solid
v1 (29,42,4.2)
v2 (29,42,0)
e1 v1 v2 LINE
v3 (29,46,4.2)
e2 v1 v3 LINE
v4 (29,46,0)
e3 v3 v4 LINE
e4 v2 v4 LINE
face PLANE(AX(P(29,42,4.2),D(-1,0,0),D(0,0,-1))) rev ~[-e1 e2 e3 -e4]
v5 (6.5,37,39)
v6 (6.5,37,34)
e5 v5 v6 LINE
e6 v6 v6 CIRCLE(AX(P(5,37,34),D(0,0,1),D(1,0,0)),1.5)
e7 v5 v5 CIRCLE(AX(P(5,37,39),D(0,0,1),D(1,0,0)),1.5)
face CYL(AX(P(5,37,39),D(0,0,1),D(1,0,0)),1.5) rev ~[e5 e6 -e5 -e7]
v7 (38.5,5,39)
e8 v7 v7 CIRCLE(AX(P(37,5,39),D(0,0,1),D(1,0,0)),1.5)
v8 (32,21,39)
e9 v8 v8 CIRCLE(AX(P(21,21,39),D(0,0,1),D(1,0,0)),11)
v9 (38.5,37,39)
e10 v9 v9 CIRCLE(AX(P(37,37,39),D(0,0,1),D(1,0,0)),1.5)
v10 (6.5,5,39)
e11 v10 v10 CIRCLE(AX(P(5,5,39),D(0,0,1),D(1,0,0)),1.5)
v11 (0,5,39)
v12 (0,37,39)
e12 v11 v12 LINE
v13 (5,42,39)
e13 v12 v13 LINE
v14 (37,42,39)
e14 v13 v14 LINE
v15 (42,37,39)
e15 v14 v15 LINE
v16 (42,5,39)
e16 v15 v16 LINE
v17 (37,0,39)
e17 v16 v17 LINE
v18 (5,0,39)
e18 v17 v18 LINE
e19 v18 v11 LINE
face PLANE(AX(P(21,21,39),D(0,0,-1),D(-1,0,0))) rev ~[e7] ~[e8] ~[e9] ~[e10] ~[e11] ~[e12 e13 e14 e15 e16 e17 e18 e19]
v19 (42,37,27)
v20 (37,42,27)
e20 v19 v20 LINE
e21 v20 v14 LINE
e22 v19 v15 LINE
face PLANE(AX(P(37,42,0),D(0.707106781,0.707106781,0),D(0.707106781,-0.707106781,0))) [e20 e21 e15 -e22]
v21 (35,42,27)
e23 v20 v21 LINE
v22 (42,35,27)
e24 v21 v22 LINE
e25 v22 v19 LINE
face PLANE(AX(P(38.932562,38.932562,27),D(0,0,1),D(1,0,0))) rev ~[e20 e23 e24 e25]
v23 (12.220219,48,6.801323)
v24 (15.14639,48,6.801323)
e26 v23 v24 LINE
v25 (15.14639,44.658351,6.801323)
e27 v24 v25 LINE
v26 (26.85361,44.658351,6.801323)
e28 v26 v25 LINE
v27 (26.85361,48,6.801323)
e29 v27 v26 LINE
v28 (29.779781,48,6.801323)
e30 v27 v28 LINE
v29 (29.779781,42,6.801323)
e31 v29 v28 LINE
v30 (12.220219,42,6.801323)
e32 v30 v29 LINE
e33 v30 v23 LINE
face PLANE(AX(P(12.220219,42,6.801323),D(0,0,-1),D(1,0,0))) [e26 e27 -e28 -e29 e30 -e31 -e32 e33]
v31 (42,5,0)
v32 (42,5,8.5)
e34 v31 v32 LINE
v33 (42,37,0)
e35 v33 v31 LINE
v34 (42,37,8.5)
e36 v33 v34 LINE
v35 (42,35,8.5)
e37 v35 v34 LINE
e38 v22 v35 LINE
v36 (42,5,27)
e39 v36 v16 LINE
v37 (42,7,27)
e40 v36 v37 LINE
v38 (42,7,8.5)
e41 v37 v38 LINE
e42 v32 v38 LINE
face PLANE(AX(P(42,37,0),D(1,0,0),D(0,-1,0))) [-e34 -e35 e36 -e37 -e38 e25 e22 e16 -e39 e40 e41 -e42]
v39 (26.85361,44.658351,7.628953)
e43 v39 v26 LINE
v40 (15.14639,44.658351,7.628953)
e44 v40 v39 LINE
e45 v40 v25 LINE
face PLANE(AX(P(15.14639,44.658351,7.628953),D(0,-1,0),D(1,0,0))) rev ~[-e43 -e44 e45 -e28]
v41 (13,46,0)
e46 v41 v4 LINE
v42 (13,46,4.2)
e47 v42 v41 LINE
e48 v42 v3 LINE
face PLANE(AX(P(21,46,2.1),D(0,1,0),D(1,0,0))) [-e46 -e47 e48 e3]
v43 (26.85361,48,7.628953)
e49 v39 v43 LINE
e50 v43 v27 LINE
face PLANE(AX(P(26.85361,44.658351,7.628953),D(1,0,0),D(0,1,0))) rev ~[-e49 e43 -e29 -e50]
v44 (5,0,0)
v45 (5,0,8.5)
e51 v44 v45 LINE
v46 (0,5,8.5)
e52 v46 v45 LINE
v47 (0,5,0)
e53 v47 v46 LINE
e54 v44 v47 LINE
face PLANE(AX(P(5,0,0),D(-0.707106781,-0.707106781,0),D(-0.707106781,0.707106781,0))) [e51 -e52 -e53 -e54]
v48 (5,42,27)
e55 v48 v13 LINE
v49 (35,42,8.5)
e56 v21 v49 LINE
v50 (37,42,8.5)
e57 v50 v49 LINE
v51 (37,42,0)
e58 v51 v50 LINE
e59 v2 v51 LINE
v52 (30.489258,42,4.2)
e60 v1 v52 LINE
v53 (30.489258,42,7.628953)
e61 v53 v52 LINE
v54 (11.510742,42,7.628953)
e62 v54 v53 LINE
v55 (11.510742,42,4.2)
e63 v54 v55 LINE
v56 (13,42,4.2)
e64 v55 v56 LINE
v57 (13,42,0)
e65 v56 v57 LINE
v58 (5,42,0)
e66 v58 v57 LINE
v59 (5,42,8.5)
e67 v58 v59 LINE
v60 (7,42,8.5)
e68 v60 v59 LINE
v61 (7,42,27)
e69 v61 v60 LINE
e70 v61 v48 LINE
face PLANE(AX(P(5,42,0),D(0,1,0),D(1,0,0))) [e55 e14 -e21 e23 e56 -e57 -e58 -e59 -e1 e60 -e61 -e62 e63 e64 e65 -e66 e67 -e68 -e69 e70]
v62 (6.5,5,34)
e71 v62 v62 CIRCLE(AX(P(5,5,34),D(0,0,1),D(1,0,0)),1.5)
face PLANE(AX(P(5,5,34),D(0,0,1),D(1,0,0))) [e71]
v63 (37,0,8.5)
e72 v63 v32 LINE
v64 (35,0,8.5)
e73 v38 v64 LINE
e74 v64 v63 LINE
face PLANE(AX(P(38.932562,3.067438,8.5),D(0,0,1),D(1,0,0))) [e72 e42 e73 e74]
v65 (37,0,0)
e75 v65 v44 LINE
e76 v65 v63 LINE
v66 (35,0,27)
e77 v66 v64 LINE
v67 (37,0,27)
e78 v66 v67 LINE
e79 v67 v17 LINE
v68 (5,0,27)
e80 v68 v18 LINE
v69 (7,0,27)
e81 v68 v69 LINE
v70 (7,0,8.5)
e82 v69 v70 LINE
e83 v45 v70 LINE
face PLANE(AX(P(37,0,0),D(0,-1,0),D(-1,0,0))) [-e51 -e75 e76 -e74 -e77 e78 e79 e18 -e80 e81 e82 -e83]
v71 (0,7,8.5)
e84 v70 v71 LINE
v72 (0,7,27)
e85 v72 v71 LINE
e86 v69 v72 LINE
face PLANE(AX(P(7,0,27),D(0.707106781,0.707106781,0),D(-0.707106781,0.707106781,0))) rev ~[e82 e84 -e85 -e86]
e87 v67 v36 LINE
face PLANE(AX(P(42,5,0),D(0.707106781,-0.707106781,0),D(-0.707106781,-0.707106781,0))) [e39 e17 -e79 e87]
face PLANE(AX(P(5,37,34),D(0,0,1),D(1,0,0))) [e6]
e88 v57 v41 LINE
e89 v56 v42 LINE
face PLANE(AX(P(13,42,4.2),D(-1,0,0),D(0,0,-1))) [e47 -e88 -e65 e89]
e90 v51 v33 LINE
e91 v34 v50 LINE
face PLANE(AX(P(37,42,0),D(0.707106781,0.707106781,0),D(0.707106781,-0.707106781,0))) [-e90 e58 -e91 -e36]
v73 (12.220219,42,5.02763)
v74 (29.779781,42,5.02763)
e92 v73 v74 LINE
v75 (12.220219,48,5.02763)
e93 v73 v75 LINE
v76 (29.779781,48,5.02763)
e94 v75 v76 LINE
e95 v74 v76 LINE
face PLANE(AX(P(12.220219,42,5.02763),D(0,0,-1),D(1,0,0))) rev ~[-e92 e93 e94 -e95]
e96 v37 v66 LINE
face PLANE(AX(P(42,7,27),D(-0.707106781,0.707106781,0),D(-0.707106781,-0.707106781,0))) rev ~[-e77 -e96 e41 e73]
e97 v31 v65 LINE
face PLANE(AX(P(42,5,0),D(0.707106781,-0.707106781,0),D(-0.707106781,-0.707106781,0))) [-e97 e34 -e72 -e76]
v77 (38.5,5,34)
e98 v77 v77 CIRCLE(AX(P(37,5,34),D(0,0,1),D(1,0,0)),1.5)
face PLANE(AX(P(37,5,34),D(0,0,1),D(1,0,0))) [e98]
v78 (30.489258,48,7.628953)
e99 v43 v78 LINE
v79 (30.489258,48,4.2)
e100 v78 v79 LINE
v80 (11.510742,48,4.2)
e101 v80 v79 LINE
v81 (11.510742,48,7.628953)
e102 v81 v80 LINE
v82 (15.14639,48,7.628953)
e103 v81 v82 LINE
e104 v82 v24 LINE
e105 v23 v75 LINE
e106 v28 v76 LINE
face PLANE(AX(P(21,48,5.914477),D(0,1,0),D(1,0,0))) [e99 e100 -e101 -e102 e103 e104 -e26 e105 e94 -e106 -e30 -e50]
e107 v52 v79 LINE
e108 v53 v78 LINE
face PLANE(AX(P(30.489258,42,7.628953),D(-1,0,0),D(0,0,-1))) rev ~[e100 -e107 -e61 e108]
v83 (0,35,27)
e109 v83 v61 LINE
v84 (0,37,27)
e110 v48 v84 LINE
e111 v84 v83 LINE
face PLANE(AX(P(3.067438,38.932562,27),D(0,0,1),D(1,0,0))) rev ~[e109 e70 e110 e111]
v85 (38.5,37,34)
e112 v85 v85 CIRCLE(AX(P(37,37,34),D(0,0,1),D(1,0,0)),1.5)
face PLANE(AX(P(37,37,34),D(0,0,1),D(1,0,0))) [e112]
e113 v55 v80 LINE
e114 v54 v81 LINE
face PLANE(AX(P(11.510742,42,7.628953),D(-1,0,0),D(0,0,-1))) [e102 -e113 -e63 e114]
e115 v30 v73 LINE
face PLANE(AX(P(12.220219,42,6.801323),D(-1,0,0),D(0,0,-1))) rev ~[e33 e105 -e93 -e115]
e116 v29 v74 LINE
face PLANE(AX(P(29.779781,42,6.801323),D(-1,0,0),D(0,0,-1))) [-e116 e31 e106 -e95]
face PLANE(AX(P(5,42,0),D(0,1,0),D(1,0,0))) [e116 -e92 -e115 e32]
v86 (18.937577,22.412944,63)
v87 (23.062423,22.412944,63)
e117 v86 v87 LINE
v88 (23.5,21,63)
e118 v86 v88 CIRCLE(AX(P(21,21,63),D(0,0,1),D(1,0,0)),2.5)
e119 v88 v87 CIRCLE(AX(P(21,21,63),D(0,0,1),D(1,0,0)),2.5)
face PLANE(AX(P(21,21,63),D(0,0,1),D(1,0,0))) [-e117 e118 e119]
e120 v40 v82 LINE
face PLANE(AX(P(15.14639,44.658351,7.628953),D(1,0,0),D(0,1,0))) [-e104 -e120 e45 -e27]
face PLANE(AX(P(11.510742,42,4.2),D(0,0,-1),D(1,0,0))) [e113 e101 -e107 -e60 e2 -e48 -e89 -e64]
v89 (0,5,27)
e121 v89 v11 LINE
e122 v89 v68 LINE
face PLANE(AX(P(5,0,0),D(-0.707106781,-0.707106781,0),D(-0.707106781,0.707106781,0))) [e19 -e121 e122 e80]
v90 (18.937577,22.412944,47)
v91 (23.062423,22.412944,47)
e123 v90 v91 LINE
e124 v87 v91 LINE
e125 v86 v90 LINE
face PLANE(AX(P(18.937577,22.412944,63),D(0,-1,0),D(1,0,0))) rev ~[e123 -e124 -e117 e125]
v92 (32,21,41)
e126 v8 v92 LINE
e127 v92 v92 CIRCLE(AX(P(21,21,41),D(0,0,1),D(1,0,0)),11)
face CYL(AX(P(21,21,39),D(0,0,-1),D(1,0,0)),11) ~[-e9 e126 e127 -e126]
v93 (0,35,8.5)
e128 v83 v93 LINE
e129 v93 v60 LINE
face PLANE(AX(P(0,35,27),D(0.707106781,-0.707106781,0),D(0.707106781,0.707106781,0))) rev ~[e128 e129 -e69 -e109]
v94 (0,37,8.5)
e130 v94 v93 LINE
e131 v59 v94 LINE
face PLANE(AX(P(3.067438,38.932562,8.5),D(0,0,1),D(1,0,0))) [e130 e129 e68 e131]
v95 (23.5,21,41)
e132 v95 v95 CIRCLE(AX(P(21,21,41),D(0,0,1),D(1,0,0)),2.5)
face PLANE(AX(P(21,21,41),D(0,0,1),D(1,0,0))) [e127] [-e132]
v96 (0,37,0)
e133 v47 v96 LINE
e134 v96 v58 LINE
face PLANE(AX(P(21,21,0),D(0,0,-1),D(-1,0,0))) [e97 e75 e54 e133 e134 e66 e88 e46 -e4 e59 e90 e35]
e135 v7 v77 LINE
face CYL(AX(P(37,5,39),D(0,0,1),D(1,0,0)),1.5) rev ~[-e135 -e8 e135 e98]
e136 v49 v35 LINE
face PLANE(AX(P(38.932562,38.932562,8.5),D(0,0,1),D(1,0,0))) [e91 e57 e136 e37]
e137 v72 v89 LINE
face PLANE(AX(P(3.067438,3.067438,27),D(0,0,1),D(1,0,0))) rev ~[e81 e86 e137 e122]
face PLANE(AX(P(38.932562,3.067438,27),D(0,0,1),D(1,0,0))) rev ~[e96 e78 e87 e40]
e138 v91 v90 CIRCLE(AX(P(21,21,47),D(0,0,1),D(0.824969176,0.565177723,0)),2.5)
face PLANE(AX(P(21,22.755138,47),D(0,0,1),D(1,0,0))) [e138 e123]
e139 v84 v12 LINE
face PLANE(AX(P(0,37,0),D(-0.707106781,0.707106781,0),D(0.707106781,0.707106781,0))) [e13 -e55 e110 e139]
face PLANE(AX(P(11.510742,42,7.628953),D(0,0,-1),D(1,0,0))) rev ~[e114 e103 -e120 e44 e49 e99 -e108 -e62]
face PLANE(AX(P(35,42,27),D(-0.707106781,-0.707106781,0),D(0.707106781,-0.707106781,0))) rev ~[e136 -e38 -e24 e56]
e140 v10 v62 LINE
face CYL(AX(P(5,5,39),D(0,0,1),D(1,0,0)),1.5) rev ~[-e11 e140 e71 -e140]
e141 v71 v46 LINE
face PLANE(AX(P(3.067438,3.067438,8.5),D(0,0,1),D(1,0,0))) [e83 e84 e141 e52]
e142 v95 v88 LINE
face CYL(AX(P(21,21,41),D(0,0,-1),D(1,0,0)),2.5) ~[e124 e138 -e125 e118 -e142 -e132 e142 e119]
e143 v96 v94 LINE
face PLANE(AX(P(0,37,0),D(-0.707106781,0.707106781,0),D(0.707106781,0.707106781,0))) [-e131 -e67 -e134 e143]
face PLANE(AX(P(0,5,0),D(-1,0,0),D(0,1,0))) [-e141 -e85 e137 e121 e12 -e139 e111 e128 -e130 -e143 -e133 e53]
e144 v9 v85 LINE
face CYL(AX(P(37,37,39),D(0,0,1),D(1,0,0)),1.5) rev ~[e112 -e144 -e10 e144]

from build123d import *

# Parameters (mm, degrees)
EXTRUDE_1_DEPTH     = 39
CUT_EXTRUDE_1_DEPTH = 18.5
SKETCH_3_R          = 11
EXTRUDE_2_DEPTH     = 2
SKETCH_4_R          = 2.5
EXTRUDE_3_DEPTH     = 22
CUT_EXTRUDE_2_DEPTH = 16
SKETCH_6_R          = 1.5
CUT_EXTRUDE_3_DEPTH = 5
SKETCH_7_W          = 16
SKETCH_7_H          = 4.2
EXTRUDE_4_DEPTH     = 4
SKETCH_8_W          = 18.978516406
SKETCH_8_H          = 3.428953429
SKETCH_8_W_2        = 17.559561908
SKETCH_8_H_2        = 1.773693122
EXTRUDE_5_DEPTH     = 6
SKETCH_9_W          = 11.707219222
SKETCH_9_H          = 3.341648532
CUT_EXTRUDE_4_DEPTH = 2


with BuildPart() as part:
    # 草图1 → 凸台-拉伸1 (new body)
    with BuildSketch(Plane.XY):
        Polygon((0, 37), (5, 42), (37, 42), (42, 37), (42, 5), (37, 0), (5, 0), (0, 5), align=None)
    extrude(amount=EXTRUDE_1_DEPTH)

    # 草图2 → 切除-拉伸1 (cut)
    with BuildSketch(Plane.XY.offset(27)):
        Polygon((37, 42), (35, 42), (42, 35), (42, 37), align=None)
        Polygon((5, 42), (0, 37), (0, 35), (7, 42), align=None)
        Polygon((5, 0), (7, 0), (0, 7), (0, 5), align=None)
        Polygon((37, 0), (42, 5), (42, 7), (35, 0), align=None)
    extrude(amount=-CUT_EXTRUDE_1_DEPTH, mode=Mode.SUBTRACT)

    # 草图3 → 凸台-拉伸2 (add)
    with BuildSketch(Plane.XY.offset(39)):
        with Locations((21, 21)):
            Circle(SKETCH_3_R)
    extrude(amount=EXTRUDE_2_DEPTH)

    # 草图4 → 凸台-拉伸3 (add)
    with BuildSketch(Plane.XY.offset(41)):
        with Locations((21, 21)):
            Circle(SKETCH_4_R)
    extrude(amount=EXTRUDE_3_DEPTH)

    # 草图5 → 切除-拉伸2 (cut)
    with BuildSketch(Plane.XY.offset(63)):
        with BuildLine():
            Line((18.937577059, 22.412944307), (23.062422941, 22.412944307))
            ThreePointArc((23.062422941, 22.412944307), (21, 23.5), (18.937577059, 22.412944307))
        make_face()
    extrude(amount=-CUT_EXTRUDE_2_DEPTH, mode=Mode.SUBTRACT)

    # 草图6 → 切除-拉伸3 (cut)
    with BuildSketch(Plane.XY.offset(39)):
        with Locations((37, 5)):
            Circle(SKETCH_6_R)
        with Locations((5, 5)):
            Circle(SKETCH_6_R)
        with Locations((37, 37)):
            Circle(SKETCH_6_R)
        with Locations((5, 37)):
            Circle(SKETCH_6_R)
    extrude(amount=-CUT_EXTRUDE_3_DEPTH, mode=Mode.SUBTRACT)

    # 草图7 → 凸台-拉伸4 (add)
    with BuildSketch(Plane(origin=(0, 42, 0), x_dir=(1, 0, 0), z_dir=(0, 1, 0))):
        with Locations((21, -2.1)):
            Rectangle(SKETCH_7_W, SKETCH_7_H)
    extrude(amount=EXTRUDE_4_DEPTH)

    # 草图8 → 凸台-拉伸5 (add)
    with BuildSketch(Plane(origin=(0, 42, 0), x_dir=(1, 0, 0), z_dir=(0, 1, 0))):
        with Locations((21, -5.914476715)):
            Rectangle(SKETCH_8_W, SKETCH_8_H)
        with Locations((21, -5.914476714)):
            Rectangle(SKETCH_8_W_2, SKETCH_8_H_2, mode=Mode.SUBTRACT)
    extrude(amount=EXTRUDE_5_DEPTH)

    # 草图9 → 切除-拉伸4 (cut)
    with BuildSketch(Plane.XY.offset(7.628953429)):
        with Locations((21, 46.329175734)):
            Rectangle(SKETCH_9_W, SKETCH_9_H)
    extrude(amount=-CUT_EXTRUDE_4_DEPTH, mode=Mode.SUBTRACT)


solid = part.part
